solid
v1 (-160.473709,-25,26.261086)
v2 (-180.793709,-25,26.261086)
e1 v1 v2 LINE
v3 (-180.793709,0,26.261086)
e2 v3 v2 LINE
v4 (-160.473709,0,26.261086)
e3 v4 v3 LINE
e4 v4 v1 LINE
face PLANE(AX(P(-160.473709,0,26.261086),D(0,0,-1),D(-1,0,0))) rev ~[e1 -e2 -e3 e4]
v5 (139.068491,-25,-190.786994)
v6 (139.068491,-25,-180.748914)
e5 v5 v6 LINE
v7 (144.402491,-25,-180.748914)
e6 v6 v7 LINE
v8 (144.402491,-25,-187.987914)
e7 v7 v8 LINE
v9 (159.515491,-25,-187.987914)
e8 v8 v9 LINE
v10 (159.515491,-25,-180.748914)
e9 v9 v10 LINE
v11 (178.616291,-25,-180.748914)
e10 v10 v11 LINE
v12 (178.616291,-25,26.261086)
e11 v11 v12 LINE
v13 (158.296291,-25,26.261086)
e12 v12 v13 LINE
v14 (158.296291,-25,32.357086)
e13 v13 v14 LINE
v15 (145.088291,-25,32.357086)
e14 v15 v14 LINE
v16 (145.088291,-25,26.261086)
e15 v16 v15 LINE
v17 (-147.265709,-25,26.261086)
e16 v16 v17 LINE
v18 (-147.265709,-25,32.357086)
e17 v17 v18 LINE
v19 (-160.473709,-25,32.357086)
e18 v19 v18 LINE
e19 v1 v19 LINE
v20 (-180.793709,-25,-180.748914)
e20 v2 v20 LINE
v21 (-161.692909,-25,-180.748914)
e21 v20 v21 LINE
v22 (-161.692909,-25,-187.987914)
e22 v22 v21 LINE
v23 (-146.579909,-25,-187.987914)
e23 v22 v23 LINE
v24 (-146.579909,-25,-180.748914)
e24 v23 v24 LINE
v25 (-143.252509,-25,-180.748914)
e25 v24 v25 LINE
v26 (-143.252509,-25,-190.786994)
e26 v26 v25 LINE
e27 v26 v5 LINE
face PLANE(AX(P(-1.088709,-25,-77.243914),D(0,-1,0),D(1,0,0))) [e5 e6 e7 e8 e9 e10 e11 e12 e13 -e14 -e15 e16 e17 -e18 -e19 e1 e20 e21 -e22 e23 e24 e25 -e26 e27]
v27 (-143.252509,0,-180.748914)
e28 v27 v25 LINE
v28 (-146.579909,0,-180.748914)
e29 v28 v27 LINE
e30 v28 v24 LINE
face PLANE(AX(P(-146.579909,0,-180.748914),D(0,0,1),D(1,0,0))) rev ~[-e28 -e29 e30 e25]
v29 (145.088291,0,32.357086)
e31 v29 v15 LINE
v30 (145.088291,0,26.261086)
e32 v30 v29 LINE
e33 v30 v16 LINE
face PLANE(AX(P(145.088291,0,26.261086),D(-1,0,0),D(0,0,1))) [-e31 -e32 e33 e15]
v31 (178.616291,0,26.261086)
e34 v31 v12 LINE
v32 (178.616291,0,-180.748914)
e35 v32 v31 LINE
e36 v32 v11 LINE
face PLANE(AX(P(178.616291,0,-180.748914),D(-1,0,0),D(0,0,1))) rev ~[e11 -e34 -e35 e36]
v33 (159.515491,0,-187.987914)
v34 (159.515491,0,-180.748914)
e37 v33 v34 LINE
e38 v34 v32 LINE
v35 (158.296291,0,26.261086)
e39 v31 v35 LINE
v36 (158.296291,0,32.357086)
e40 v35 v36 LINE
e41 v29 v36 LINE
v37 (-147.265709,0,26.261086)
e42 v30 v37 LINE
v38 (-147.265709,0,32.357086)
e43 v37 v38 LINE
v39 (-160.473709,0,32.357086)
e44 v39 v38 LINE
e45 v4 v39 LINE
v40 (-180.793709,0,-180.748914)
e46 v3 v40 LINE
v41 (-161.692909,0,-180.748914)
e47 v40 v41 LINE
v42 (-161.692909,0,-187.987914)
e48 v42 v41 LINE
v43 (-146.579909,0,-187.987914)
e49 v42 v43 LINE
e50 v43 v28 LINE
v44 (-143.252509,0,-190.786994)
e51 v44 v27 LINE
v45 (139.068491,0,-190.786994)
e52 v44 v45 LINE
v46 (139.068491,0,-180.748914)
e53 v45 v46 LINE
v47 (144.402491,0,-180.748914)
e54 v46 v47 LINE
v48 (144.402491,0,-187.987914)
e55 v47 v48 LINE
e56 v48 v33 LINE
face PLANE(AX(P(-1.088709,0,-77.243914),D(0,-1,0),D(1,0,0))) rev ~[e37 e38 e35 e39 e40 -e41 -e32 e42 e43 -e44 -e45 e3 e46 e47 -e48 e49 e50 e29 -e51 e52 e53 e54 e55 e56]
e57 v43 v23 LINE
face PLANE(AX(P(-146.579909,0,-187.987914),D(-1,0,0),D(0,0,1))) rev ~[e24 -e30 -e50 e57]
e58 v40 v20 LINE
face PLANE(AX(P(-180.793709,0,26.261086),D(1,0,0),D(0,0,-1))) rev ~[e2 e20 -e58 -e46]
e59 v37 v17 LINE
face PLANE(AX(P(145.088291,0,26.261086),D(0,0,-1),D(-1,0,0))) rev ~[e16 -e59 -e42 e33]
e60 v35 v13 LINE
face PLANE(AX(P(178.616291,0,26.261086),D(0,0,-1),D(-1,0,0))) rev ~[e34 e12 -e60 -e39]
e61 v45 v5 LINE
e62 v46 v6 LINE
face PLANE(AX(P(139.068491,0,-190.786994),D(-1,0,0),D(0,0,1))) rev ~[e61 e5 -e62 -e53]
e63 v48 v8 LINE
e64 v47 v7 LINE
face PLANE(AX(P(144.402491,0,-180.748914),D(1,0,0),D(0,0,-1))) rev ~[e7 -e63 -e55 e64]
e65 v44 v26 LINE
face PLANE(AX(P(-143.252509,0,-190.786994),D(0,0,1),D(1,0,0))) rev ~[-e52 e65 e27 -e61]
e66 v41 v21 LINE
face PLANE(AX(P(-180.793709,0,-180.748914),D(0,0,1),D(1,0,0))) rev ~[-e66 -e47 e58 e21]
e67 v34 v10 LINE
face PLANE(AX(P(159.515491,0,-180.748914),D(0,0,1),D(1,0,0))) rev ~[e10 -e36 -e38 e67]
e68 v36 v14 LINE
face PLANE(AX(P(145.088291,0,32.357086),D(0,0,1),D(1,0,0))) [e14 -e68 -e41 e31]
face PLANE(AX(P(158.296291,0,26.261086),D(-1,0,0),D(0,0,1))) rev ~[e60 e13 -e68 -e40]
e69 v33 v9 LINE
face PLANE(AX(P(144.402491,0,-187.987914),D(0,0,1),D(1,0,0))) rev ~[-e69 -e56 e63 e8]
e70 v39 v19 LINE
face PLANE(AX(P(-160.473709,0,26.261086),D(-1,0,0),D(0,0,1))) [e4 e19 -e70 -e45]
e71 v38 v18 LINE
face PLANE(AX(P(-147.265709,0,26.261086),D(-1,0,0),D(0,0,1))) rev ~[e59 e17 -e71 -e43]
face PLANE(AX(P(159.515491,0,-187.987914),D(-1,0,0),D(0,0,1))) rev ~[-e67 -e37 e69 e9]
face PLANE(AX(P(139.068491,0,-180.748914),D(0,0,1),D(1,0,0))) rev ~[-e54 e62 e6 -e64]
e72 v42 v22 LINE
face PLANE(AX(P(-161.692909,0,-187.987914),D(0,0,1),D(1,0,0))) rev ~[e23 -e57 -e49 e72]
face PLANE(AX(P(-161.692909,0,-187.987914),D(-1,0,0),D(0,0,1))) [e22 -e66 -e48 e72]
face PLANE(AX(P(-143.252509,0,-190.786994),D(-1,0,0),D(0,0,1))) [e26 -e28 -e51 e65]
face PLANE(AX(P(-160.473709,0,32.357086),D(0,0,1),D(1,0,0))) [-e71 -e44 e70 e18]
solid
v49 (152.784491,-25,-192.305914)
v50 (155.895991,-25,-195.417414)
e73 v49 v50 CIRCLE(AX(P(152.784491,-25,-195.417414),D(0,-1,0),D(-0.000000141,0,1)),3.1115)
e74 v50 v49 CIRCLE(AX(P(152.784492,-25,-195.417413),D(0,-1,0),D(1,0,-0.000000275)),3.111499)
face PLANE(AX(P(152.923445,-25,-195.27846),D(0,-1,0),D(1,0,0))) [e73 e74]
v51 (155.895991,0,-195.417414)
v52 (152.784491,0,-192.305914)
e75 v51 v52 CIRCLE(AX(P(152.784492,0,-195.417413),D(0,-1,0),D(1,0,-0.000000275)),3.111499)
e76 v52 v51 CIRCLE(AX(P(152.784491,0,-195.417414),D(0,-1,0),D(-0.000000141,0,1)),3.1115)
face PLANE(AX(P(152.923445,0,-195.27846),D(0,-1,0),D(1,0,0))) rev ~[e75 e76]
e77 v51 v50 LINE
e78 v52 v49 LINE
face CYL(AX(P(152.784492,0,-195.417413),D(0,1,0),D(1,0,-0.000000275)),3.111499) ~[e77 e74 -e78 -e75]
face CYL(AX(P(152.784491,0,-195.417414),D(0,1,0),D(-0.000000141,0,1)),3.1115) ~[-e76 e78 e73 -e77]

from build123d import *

# Parameters (mm, degrees)
F0_W     = 13.208
F0_H     = 6.096
F0_W_2   = 15.113
F0_H_2   = 7.239
F0_W_3   = 282.321
F0_H_3   = 10.03808
F1_DEPTH = 25


with BuildPart() as f1:
    # F0 (on Front) → F1 (new body)
    with BuildSketch(Plane.XZ):
        with BuildLine():
            ThreePointArc((155.895991, -195.417414), (154.984654, -193.217251), (152.784491, -192.305914))
            ThreePointArc((152.784491, -192.305914), (150.584329, -197.617576), (155.895991, -195.417414))
        make_face()
        Polygon((-160.473709, 26.261086), (-180.793709, 26.261086), (-180.793709, -180.748914), (-161.692909, -180.748914), (-146.579909, -180.748914), (-143.252509, -180.748914), (139.068491, -180.748914), (144.402491, -180.748914), (159.515491, -180.748914), (178.616291, -180.748914), (178.616291, 26.261086), (158.296291, 26.261086), (145.088291, 26.261086), (-147.265709, 26.261086), align=None)
        with Locations((-153.869709, 29.309086)):
            Rectangle(F0_W, F0_H)
        with Locations((-154.136409, -184.368414)):
            Rectangle(F0_W_2, F0_H_2)
        with Locations((151.692291, 29.309086)):
            Rectangle(F0_W, F0_H)
        with Locations((-2.092009, -185.767954)):
            Rectangle(F0_W_3, F0_H_3)
        Polygon((159.515491, -180.748914), (144.402491, -180.748914), (144.402491, -187.987914), (152.784491, -187.987914), (159.515491, -187.987914), align=None)
    extrude(amount=F1_DEPTH)


solid = f1.part
